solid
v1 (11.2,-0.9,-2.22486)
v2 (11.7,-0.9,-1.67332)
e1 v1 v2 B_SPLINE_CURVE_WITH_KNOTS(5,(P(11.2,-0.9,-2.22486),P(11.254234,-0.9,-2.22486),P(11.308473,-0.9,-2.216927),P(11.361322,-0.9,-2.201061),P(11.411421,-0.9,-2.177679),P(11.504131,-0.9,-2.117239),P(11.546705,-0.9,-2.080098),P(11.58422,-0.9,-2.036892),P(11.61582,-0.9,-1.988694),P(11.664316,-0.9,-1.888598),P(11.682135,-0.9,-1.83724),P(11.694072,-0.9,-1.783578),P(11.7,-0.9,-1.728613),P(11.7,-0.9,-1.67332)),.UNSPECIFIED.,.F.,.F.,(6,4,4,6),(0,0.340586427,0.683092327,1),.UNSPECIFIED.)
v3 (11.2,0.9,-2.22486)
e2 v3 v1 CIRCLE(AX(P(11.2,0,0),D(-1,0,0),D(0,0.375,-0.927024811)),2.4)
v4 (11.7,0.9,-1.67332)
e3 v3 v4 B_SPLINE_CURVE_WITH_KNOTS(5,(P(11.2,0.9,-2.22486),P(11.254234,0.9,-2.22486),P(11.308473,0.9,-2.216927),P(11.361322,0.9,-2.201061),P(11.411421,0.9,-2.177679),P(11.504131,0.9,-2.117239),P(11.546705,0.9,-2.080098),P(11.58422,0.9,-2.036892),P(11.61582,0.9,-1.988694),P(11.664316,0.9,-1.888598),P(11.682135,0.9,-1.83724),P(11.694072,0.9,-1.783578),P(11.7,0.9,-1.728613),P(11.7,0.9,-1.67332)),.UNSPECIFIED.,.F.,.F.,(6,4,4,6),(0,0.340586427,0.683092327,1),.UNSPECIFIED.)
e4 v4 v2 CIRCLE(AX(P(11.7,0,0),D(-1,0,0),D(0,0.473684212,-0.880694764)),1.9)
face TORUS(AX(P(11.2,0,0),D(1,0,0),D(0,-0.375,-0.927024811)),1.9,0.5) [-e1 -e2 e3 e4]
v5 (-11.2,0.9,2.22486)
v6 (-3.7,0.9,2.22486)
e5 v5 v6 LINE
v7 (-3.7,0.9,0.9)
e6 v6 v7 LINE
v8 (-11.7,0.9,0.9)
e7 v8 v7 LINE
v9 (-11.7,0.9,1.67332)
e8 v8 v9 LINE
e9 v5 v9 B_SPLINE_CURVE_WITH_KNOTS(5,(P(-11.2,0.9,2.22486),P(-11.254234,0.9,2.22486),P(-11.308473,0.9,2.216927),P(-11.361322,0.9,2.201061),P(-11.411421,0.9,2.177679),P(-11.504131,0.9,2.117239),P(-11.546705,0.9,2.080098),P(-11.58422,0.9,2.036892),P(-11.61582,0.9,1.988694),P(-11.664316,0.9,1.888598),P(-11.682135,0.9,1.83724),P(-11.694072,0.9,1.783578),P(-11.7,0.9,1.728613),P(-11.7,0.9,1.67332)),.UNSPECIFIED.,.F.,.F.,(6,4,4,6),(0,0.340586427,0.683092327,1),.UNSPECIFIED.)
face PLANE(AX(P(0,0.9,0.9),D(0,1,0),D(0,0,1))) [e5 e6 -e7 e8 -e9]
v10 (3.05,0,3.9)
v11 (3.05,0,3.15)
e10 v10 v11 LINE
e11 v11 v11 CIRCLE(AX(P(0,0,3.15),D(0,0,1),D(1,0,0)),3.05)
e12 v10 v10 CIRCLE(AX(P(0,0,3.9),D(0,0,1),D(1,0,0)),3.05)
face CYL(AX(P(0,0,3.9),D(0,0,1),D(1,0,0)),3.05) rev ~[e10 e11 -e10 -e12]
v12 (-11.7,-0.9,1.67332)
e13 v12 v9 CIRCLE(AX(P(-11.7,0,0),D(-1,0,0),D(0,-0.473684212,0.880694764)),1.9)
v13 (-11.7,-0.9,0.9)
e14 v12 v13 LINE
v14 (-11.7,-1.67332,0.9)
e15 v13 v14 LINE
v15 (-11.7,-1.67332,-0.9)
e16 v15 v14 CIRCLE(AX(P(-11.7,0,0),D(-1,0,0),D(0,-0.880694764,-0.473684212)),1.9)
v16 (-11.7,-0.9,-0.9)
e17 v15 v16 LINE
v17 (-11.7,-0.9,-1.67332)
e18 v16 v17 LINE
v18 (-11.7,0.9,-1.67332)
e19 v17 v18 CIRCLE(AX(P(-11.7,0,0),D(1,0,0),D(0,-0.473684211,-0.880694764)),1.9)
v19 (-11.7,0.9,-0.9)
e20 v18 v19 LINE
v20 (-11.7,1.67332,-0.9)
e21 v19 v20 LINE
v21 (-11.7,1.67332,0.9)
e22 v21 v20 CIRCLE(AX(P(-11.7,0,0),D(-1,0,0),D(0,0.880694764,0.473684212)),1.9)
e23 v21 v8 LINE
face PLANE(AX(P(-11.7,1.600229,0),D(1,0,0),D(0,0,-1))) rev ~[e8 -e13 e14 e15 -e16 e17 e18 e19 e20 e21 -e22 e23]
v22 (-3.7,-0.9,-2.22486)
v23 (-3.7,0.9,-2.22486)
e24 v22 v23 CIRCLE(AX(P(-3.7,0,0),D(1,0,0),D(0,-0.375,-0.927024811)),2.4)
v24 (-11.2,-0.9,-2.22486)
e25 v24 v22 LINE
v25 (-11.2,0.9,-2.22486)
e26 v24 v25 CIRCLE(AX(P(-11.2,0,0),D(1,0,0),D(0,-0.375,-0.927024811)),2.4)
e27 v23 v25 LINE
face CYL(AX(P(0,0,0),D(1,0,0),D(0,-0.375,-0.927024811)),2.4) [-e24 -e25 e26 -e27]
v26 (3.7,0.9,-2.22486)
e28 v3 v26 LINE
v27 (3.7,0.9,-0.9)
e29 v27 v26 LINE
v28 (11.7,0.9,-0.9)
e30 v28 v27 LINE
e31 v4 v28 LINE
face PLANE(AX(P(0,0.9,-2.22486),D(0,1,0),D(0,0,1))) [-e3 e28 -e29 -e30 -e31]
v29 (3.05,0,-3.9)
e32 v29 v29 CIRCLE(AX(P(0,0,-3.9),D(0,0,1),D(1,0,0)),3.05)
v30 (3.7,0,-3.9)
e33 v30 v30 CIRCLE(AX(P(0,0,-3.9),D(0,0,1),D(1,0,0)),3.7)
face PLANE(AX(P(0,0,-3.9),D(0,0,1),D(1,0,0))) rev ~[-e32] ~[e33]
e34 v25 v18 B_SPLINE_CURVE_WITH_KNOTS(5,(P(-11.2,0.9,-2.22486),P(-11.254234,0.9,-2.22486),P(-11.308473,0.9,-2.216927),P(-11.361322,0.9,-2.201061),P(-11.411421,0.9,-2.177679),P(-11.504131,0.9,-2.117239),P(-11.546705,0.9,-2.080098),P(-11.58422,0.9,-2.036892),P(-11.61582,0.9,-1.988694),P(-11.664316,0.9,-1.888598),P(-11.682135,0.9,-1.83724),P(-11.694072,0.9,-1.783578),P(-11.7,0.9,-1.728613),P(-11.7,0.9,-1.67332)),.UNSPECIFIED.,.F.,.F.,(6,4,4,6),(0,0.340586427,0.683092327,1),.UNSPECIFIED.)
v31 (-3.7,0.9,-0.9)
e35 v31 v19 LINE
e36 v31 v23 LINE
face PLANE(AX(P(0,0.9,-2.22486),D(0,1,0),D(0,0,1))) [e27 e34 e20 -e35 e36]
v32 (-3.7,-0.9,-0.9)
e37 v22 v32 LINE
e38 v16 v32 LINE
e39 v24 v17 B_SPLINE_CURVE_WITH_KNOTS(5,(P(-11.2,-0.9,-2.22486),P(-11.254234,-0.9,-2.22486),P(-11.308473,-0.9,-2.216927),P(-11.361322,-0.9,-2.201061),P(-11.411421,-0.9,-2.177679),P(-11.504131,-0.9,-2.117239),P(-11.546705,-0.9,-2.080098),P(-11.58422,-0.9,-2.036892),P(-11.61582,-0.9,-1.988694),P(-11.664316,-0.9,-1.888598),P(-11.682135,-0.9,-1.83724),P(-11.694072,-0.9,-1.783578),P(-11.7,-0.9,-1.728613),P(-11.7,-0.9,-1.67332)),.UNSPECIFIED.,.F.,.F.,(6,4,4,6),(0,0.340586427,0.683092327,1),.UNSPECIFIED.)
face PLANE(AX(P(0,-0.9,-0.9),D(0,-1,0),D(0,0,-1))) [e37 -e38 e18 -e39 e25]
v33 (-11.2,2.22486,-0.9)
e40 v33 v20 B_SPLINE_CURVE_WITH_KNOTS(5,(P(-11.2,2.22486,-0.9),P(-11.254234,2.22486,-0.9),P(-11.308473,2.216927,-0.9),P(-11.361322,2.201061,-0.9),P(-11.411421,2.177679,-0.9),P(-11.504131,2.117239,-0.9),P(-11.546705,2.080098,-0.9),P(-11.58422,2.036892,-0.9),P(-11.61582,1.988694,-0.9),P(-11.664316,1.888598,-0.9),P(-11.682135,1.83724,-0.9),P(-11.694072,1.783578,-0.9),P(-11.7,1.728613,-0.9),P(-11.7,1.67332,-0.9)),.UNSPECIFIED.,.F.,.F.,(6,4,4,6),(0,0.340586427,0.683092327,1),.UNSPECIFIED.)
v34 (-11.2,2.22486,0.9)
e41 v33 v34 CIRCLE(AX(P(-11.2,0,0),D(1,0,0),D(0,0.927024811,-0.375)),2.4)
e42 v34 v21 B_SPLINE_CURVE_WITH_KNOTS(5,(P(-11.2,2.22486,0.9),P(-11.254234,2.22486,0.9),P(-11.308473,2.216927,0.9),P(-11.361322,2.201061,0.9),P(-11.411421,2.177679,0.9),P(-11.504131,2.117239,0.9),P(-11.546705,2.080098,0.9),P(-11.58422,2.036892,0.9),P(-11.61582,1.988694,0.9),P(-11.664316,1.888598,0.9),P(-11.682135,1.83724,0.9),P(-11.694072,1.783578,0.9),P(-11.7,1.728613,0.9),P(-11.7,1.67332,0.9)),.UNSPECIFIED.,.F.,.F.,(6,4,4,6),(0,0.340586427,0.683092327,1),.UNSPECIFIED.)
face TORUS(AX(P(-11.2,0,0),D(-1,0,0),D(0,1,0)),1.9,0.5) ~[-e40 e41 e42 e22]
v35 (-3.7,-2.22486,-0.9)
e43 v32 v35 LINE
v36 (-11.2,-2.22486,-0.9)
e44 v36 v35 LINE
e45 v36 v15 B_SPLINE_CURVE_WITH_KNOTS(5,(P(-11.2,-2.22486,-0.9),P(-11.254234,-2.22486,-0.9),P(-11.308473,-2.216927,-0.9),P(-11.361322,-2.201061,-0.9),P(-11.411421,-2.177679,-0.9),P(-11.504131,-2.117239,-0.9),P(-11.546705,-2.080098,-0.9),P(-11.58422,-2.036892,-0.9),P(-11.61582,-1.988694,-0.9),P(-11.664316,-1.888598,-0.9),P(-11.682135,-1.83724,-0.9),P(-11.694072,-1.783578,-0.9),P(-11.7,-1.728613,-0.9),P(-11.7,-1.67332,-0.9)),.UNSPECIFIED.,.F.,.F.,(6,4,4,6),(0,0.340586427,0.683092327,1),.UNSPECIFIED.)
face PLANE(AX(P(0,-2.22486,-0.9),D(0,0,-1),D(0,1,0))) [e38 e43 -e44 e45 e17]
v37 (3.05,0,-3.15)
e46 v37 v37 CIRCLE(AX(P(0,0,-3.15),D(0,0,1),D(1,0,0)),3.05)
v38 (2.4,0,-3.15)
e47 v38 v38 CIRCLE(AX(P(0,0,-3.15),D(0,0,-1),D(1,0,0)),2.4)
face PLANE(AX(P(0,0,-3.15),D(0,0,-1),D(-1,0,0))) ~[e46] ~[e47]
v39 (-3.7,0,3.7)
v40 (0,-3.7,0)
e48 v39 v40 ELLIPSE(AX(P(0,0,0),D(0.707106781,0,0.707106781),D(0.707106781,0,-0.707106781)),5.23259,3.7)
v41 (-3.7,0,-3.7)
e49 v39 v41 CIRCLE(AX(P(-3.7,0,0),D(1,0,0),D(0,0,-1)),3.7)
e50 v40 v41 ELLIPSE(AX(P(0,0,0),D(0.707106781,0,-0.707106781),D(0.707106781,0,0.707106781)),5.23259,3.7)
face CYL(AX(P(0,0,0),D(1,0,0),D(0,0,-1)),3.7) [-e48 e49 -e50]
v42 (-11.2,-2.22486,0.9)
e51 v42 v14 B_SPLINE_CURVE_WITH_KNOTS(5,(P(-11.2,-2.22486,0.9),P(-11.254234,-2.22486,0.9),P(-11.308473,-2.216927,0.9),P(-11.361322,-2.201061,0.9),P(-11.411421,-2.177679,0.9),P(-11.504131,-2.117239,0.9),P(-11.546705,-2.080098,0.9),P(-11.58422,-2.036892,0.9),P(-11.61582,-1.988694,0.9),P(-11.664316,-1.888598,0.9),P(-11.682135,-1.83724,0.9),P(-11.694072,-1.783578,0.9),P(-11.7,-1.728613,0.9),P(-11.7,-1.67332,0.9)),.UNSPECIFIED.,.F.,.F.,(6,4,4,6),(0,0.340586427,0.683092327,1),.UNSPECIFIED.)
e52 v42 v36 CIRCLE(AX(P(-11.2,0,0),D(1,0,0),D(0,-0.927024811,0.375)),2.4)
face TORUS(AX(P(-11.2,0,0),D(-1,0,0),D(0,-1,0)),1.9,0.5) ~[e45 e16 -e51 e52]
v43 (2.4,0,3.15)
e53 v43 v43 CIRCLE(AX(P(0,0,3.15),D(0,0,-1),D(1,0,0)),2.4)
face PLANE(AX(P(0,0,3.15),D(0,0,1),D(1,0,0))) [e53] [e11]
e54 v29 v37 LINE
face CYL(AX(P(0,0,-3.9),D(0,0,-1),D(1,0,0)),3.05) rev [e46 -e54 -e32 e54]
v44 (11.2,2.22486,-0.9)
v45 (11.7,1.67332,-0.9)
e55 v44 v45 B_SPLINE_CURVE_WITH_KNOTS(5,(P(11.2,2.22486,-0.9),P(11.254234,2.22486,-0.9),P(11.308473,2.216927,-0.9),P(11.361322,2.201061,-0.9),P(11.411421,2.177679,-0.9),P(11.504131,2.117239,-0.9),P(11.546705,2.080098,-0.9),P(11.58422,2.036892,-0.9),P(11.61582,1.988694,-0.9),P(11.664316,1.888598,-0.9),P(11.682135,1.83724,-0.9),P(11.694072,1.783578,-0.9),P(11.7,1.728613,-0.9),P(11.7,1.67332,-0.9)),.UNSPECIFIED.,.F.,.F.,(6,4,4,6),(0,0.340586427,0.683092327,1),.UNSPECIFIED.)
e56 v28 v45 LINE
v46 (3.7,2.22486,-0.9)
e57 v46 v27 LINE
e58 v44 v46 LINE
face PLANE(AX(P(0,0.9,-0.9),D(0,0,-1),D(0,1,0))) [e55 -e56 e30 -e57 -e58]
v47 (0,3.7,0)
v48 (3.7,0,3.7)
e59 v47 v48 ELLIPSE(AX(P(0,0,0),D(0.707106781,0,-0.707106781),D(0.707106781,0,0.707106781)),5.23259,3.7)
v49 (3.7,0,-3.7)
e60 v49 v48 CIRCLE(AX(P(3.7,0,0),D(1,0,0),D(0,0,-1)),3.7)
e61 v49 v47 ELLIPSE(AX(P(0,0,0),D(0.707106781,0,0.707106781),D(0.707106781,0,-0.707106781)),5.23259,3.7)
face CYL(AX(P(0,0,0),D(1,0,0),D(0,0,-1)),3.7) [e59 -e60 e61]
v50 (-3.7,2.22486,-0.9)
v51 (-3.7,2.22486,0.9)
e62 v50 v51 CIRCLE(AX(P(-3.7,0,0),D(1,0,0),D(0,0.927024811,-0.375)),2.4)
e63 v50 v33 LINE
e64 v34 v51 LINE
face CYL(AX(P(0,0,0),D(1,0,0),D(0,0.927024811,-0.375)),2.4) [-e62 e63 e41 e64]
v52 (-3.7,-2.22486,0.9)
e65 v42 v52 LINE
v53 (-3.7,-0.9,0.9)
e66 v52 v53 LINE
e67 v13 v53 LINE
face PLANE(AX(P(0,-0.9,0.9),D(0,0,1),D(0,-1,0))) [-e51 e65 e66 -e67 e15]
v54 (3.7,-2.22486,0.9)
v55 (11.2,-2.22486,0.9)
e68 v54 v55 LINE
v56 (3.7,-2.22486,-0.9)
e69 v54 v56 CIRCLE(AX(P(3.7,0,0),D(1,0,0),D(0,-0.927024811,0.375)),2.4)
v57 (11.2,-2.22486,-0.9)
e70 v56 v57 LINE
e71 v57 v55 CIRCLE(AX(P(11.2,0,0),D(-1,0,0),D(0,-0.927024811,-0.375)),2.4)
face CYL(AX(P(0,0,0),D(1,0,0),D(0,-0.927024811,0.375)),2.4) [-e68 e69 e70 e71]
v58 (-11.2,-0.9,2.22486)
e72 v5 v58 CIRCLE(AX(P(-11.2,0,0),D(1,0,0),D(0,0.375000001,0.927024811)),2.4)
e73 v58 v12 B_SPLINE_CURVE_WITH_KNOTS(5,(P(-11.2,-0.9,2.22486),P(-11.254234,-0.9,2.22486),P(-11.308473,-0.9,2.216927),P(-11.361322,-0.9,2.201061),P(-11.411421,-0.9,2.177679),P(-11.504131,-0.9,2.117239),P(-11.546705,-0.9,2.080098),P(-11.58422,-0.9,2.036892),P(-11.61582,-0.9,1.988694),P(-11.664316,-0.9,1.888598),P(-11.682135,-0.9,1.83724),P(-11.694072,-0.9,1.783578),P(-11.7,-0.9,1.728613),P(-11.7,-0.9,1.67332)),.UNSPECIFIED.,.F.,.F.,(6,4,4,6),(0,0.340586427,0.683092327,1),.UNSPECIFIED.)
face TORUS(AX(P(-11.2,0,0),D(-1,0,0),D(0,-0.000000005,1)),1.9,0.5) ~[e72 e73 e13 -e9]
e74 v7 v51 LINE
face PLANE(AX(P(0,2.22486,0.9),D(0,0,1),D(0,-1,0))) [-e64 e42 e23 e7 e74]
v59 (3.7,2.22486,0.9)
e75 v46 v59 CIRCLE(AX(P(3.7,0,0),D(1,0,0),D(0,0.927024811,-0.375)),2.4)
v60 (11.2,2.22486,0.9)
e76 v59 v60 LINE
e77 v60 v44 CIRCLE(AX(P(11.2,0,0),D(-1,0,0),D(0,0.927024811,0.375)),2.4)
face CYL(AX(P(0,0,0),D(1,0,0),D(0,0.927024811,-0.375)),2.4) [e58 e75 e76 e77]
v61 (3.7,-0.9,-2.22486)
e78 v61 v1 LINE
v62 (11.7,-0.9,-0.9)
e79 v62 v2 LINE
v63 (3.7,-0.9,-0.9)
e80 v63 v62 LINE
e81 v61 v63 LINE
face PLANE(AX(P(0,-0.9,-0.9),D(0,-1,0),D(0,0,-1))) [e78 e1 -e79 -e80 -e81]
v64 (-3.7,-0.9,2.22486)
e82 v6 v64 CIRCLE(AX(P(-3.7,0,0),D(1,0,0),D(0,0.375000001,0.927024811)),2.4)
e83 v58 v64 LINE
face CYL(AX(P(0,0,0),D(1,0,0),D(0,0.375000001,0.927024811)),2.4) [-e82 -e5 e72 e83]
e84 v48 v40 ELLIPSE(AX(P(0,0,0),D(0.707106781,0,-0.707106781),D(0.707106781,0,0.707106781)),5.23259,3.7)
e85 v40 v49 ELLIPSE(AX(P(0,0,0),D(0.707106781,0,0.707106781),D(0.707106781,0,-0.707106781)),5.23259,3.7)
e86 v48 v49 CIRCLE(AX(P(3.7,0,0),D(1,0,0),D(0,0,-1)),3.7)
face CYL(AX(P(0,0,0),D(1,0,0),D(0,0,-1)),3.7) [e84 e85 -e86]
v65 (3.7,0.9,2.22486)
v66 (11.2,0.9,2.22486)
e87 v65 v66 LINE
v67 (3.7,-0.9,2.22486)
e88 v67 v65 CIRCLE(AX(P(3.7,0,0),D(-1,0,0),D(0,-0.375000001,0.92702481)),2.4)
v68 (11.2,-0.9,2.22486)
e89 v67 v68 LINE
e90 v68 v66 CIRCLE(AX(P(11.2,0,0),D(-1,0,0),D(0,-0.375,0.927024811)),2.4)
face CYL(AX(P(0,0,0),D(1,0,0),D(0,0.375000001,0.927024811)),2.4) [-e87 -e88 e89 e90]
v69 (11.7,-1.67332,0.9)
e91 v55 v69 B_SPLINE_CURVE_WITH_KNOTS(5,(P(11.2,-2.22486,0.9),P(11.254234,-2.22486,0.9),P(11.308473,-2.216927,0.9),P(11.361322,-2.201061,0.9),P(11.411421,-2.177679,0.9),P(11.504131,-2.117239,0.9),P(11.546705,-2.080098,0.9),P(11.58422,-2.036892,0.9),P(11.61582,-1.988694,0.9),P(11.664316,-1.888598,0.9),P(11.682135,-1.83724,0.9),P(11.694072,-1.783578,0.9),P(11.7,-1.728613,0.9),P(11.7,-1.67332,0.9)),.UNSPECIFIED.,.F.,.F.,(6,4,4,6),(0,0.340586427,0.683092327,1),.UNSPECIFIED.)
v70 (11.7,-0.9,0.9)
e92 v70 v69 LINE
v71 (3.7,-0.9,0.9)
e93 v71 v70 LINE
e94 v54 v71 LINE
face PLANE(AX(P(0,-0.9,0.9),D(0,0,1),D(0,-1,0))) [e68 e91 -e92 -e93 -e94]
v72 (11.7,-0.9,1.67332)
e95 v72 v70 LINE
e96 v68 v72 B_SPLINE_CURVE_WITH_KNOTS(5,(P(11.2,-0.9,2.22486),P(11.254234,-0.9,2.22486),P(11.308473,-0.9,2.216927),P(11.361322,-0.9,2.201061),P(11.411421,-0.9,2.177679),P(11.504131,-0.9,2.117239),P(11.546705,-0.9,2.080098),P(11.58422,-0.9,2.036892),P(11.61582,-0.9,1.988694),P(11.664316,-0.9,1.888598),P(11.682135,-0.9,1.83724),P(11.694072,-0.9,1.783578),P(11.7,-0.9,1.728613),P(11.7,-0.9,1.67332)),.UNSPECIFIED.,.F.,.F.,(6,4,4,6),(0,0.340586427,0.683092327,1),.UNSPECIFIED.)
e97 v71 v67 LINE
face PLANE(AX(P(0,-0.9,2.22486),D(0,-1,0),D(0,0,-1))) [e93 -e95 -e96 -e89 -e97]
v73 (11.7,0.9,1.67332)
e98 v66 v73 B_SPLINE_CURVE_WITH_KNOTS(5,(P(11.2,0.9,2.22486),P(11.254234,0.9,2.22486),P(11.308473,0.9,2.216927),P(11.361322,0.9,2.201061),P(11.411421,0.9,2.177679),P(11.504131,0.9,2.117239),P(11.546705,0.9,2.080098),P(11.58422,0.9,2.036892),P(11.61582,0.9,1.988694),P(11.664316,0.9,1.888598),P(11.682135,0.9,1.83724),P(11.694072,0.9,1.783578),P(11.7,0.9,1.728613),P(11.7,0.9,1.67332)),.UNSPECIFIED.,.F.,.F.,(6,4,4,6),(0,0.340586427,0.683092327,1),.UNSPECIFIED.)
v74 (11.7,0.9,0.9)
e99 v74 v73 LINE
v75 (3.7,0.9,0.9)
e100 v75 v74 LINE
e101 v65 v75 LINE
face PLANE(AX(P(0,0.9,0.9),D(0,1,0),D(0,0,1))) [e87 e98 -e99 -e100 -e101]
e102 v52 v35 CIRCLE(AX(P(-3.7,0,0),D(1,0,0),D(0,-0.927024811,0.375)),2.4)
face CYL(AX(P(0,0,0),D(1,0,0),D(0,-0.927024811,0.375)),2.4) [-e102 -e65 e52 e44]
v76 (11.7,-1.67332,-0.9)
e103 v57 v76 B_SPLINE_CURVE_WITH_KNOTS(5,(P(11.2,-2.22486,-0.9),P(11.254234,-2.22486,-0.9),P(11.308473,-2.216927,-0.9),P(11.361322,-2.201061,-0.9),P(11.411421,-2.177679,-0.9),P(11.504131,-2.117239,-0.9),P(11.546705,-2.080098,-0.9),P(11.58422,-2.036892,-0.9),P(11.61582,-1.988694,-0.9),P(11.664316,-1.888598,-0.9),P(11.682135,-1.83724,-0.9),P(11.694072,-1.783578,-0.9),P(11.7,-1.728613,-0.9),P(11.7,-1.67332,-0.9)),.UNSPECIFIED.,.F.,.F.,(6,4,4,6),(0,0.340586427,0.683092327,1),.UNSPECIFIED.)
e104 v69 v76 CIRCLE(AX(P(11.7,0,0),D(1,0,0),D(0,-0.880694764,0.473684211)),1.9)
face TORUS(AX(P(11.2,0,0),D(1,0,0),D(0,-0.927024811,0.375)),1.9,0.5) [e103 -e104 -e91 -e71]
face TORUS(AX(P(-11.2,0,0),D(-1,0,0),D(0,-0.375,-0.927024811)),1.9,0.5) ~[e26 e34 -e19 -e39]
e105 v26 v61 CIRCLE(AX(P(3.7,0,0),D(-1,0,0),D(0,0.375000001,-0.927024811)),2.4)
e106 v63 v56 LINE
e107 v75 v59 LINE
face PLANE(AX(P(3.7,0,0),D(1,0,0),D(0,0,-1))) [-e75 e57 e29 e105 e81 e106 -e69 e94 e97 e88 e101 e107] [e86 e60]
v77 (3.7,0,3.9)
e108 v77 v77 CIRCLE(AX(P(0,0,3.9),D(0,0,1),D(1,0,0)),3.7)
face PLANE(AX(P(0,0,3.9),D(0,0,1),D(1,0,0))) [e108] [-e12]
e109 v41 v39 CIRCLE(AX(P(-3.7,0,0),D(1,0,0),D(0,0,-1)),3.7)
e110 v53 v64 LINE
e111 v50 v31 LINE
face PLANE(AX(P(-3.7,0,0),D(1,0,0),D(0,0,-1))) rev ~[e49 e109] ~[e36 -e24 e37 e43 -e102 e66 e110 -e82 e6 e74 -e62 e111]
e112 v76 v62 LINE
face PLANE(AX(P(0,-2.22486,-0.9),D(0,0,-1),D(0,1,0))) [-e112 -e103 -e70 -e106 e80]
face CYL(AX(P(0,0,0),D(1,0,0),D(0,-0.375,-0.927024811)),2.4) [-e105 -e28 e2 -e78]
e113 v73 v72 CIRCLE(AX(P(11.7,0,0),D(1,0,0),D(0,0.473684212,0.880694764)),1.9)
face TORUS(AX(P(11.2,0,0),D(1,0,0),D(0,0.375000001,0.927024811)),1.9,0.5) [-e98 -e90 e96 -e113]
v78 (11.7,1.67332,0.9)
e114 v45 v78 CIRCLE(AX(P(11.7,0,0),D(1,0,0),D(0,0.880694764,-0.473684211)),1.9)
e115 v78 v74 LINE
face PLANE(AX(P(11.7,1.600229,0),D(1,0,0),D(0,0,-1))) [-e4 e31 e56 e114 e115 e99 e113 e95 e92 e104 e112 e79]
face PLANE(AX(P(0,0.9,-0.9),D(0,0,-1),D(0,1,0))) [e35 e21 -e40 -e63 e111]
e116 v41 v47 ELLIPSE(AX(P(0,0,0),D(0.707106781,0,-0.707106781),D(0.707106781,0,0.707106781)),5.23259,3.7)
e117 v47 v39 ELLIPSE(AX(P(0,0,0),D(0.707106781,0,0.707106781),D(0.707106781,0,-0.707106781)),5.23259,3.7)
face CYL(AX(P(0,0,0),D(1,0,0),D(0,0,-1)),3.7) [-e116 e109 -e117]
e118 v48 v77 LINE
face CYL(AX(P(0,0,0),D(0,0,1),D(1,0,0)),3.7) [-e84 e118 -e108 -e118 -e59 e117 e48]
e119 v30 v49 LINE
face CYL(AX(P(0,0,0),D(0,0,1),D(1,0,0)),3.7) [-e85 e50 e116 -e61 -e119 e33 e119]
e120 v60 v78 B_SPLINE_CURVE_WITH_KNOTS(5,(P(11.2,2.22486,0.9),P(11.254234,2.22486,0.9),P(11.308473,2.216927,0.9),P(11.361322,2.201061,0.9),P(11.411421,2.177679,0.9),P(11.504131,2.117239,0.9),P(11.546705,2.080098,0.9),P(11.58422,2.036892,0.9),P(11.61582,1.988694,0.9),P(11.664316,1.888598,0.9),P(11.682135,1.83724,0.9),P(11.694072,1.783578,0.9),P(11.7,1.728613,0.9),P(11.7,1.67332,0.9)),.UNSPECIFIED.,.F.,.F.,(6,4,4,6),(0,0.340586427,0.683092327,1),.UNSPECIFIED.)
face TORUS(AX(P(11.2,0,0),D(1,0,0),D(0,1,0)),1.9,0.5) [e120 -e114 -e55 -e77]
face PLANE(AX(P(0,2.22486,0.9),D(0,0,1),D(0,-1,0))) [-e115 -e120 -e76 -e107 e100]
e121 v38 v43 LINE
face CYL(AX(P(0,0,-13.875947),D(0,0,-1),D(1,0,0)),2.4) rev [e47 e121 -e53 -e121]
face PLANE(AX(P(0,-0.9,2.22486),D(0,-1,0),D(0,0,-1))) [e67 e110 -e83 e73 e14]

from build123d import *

# Parameters (mm, degrees)
SKETCH1_W              = 1.8
SKETCH1_H              = 1.8
PIN_DEPTH              = 11.7
SKETCH2_R              = 3.7
MIDDLE_DEPTH           = 3.7
SKETCH6_R              = 3.7
MIDDLE_BODY_DEPTH      = 3.9
MIDDLE_BORE_DEPTH      = 13.875946567
MIDDLE_BORE_DEPTH_BACK = 13.875946567
SKETCH7_R              = 2.4
SKETCH8_R              = 3.05
MIDDLE_RIM_CUT_DEPTH   = 0.75
FILLET1_R              = 0.5


with BuildPart() as part:
    # Sketch1 → Pin (new, symmetric)
    with BuildSketch(Plane(origin=(0, 0, 0), x_dir=(0, 0, -1), z_dir=(1, 0, 0))):
        with BuildLine():
            Line((-0.9, 0.9), (0.9, 0.9))
            Line((0.9, 0.9), (0.9, 2.224859546))
            ThreePointArc((0.9, 2.224859546), (0.45844143, 2.355808026), (0, 2.4))
            ThreePointArc((0, 2.4), (-0.45844143, 2.355808026), (-0.9, 2.224859546))
            Line((-0.9, 2.224859546), (-0.9, 0.9))
        make_face()
        Rectangle(SKETCH1_W, SKETCH1_H)
        with BuildLine():
            Line((-2.224859546, -0.9), (-0.9, -0.9))
            Line((-0.9, -0.9), (-0.9, 0.9))
            Line((-0.9, 0.9), (-2.224859546, 0.9))
            ThreePointArc((-2.224859546, 0.9), (-2.355808027, 0.458441425), (-2.4, -1e-08))
            ThreePointArc((-2.4, -1e-08), (-2.355808025, -0.458441435), (-2.224859546, -0.9))
        make_face()
        with BuildLine():
            ThreePointArc((-0.9, -2.224859546), (-0.45844143, -2.355808026), (0, -2.4))
            ThreePointArc((0, -2.4), (0.45844143, -2.355808026), (0.9, -2.224859546))
            Line((0.9, -2.224859546), (0.9, -0.9))
            Line((0.9, -0.9), (-0.9, -0.9))
            Line((-0.9, -0.9), (-0.9, -2.224859546))
        make_face()
        with BuildLine():
            Line((0.9, 0.9), (0.9, -0.9))
            Line((0.9, -0.9), (2.224859546, -0.9))
            ThreePointArc((2.224859546, -0.9), (2.355808026, -0.45844143), (2.4, 0))
            ThreePointArc((2.4, 0), (2.355808026, 0.45844143), (2.224859546, 0.9))
            Line((2.224859546, 0.9), (0.9, 0.9))
        make_face()
    extrude(amount=PIN_DEPTH, both=True)

    # Sketch2 → Middle (add, symmetric)
    with BuildSketch(Plane(origin=(0, 0, 0), x_dir=(0, 0, -1), z_dir=(1, 0, 0))):
        Circle(SKETCH2_R)
    extrude(amount=MIDDLE_DEPTH, both=True)

    # Sketch6 → Middle Body (add, symmetric)
    with BuildSketch(Plane.XY):
        Circle(SKETCH6_R)
    extrude(amount=MIDDLE_BODY_DEPTH, both=True)

    # Sketch7 → Middle Bore (cut, two sides: drawn at the far end of the back side and taken through both)
    with BuildSketch(Plane.XY.offset(-MIDDLE_BORE_DEPTH_BACK)):
        Circle(SKETCH7_R)
    extrude(amount=MIDDLE_BORE_DEPTH + MIDDLE_BORE_DEPTH_BACK, mode=Mode.SUBTRACT)

    # Sketch8 → Middle Rim Cut (cut)
    with BuildSketch(Plane.XY.offset(3.9)):
        Circle(SKETCH8_R)
    middle_rim_cut = extrude(amount=-MIDDLE_RIM_CUT_DEPTH, mode=Mode.SUBTRACT)

    # Mirror2: Middle Rim Cut across plane
    add(middle_rim_cut.mirror(Plane.XY), mode=Mode.SUBTRACT)

    # Fillet1
    fillet1_edges = [part.edges().sort_by_distance(p)[0] for p in [
        (11.7, 2.4, 0),
        (-11.7, 0, -2.4),
        (-11.7, -2.4, 0),
        (-11.7, 0, 2.4),
        (-11.7, 2.4, 0),
        (11.7, 0, 2.4),
        (11.7, -2.4, 0),
        (11.7, 0, -2.4),
    ]]
    fillet(fillet1_edges, radius=FILLET1_R)


solid = part.part
